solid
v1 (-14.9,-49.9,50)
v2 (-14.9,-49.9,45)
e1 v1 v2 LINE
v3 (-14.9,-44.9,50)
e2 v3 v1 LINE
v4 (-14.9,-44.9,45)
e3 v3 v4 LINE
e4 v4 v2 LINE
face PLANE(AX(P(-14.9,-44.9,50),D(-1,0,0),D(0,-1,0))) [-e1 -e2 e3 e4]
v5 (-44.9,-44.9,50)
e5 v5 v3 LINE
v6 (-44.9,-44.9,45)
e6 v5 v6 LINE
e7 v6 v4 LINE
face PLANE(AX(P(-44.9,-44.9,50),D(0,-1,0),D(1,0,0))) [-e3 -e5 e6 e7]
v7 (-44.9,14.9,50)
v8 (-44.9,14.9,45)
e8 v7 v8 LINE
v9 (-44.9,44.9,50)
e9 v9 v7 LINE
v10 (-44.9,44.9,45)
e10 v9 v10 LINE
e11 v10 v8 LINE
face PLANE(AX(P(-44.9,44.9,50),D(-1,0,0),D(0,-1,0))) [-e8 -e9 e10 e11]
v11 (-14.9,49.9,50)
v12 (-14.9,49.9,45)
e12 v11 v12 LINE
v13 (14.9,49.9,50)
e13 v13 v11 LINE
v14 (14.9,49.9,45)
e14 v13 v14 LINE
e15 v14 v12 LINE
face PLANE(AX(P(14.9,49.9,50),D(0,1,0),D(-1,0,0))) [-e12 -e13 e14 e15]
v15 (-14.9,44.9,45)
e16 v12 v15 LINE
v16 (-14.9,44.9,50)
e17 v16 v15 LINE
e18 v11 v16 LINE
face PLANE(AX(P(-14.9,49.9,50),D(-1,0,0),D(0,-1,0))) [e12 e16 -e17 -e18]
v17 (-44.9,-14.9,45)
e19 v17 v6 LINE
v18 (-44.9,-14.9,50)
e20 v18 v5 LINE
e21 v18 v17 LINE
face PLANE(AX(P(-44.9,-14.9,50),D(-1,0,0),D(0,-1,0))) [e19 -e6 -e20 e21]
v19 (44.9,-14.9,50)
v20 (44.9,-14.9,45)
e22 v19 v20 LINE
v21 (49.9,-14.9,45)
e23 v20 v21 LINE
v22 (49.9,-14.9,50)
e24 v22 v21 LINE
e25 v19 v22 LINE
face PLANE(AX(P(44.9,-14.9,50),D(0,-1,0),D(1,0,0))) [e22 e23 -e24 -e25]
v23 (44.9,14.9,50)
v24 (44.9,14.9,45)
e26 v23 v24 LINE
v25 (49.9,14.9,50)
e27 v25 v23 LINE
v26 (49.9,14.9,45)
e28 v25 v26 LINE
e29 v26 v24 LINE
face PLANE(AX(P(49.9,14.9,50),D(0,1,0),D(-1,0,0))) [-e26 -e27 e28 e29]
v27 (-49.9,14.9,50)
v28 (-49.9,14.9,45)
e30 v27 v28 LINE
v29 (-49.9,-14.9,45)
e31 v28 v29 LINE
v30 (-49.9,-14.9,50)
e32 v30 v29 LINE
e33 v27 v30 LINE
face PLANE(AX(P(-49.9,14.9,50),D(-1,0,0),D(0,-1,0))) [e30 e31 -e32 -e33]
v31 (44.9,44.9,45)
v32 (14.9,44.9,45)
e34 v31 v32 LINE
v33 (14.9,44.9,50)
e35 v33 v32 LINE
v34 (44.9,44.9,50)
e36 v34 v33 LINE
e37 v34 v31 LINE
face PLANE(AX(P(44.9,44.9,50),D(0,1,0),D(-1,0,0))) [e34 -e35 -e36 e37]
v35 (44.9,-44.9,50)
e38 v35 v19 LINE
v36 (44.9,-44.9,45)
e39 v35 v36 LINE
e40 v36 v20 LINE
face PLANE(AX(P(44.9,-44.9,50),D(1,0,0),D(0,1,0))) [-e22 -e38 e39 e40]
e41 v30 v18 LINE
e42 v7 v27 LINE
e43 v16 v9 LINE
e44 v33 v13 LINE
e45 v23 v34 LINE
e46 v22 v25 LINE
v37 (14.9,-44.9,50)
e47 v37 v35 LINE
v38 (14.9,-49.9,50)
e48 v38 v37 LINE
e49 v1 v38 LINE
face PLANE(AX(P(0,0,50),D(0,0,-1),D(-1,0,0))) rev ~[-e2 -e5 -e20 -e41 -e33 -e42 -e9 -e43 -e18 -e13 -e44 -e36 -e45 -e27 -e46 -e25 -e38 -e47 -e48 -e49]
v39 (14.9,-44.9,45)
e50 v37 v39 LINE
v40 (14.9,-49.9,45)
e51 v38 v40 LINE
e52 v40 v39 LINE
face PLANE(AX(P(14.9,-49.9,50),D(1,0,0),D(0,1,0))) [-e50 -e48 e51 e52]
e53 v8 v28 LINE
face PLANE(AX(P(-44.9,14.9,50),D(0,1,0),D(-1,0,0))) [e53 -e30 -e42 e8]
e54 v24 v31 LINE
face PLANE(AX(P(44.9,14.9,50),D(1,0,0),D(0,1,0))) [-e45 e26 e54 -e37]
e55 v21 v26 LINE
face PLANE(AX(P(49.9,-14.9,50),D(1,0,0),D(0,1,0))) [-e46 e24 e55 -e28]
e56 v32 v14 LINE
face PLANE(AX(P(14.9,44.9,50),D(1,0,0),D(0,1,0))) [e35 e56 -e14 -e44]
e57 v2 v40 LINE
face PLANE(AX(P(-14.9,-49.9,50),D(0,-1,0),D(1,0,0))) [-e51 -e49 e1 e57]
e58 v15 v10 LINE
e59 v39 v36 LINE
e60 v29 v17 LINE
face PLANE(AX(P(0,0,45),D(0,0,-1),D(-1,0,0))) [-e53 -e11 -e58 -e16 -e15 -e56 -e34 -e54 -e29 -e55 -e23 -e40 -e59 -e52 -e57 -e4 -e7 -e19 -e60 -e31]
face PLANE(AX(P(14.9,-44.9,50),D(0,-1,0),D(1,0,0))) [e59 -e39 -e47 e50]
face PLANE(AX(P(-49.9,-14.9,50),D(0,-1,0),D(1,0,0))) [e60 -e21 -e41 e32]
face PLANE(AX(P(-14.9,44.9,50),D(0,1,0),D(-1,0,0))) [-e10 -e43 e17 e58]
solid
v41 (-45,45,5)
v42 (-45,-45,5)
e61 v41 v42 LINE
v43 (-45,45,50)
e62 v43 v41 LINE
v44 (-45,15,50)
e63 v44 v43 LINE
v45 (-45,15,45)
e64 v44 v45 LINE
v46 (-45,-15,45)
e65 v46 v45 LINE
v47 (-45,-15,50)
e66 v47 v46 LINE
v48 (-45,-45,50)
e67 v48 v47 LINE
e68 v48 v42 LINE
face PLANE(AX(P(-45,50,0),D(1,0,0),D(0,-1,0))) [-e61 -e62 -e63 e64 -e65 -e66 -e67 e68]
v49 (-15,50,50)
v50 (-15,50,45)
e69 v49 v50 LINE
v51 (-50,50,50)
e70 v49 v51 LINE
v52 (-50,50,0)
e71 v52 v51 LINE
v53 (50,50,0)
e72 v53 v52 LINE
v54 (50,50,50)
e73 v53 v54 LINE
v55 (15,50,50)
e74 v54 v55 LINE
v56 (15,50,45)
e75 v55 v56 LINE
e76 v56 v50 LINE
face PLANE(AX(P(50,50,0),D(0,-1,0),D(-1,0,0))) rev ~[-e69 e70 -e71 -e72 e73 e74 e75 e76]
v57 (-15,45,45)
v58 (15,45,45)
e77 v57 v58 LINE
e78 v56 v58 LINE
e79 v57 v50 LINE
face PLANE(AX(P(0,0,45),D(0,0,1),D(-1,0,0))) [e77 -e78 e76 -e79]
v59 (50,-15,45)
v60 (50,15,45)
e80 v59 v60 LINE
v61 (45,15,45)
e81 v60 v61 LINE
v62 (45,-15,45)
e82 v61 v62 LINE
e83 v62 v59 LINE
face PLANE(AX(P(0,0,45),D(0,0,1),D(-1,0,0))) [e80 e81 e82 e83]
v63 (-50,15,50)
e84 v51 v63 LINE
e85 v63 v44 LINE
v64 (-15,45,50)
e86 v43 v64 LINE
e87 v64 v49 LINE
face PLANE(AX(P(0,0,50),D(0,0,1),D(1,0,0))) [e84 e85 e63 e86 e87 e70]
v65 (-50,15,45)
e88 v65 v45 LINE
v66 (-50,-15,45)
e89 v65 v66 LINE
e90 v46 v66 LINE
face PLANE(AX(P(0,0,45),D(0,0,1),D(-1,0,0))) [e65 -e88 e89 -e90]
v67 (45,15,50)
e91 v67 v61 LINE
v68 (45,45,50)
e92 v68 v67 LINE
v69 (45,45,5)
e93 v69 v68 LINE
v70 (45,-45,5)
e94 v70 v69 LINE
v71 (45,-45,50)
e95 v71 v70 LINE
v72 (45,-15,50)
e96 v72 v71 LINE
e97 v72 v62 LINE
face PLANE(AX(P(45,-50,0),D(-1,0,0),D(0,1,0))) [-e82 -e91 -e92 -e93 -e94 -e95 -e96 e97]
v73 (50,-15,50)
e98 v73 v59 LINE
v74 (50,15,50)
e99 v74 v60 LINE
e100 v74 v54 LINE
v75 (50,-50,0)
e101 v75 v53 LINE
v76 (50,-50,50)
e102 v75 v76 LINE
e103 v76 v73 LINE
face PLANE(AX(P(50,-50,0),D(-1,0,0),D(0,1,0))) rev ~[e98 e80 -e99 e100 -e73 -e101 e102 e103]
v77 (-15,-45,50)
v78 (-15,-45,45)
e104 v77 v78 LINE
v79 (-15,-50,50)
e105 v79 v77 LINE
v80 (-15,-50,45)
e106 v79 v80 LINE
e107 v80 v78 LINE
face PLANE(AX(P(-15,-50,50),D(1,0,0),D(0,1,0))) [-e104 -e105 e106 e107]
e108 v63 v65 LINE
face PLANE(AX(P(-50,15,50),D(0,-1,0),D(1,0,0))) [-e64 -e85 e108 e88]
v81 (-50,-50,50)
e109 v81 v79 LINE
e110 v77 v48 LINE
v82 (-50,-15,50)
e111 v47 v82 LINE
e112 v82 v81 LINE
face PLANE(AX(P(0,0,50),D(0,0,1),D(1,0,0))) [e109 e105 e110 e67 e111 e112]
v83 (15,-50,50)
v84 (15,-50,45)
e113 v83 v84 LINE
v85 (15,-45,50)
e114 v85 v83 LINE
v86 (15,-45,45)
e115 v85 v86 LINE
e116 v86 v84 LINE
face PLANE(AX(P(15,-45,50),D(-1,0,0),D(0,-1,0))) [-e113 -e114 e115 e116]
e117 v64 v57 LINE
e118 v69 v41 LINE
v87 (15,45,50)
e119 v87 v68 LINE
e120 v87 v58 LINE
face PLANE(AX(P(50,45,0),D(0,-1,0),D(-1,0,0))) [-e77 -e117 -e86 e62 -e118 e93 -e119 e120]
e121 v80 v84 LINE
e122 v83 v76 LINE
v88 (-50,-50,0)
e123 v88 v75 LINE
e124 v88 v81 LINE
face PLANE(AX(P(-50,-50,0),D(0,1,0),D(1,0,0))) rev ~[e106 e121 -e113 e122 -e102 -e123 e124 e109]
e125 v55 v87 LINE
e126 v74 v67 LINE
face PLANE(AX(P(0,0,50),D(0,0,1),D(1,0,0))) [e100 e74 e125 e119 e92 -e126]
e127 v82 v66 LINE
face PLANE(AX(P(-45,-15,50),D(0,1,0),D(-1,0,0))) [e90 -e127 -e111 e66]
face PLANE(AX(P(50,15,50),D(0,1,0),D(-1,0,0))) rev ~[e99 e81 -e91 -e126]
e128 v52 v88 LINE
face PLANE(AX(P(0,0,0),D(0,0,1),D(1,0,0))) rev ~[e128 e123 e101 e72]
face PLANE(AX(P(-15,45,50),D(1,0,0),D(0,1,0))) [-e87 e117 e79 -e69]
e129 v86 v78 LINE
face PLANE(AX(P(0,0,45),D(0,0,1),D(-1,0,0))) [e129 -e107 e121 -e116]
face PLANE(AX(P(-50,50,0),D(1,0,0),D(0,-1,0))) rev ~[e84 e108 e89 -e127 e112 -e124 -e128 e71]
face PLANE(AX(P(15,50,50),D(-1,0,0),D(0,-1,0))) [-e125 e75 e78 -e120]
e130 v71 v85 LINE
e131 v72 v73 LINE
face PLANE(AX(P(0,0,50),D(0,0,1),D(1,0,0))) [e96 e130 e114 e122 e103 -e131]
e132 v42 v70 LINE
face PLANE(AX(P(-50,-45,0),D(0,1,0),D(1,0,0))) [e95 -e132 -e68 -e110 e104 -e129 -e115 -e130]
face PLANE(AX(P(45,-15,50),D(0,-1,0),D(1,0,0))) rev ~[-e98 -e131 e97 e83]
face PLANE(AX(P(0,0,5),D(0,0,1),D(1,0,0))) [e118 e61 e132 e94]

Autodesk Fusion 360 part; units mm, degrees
sketch "Schizzo1" plane through (0, 0, 0) normal (0, 0, 1) x (1, 0, 0) in component "Base"
  line L0 (50, 50) -> (-50, 50)
  line L1 (-50, 50) -> (-50, -50)
  line L2 (-50, -50) -> (50, -50)
  line L3 (50, -50) -> (50, 50)
  line L4 (50, 50) -> (-50, -50) construction
  line L5 (-50, 50) -> (50, -50) construction
  dimension "d9" = 100
  dimension "d10" = 100
extrude "Estrusione1" add sketch "Schizzo1" along normal blind 50 makes body 1 in component "Base"
shell "Svuotamento2" thickness 5 removed faces 1 at (16.6667, -16.6667, 50) on bodies 1 in component "Base"
sketch "Schizzo2" plane through (0, 0, 50) normal (0, 0, 1) x (-1, 0, 0) in component "Base"
  line L0 (-45, 45) -> (45, 45)
  line L1 (45, 45) -> (45, -45)
  line L2 (45, -45) -> (-45, -45)
  line L3 (-45, -45) -> (-45, 45)
  line L4 (-50, 50) -> (-50, -50)
  line L5 (-50, -50) -> (50, -50)
  line L6 (50, -50) -> (50, 50)
  line L7 (50, 50) -> (-50, 50)
  line L8 (15, -50) -> (-15, -50)
  line L9 (-15, -50) -> (-15, -45)
  line L10 (-15, -45) -> (15, -45)
  line L11 (15, -45) -> (15, -50)
  line L12 (-50, -15) -> (-45, -15)
  line L13 (-45, -15) -> (-45, 15)
  line L14 (-45, 15) -> (-50, 15)
  line L15 (-50, 15) -> (-50, -15)
  line L16 (15, 45) -> (-15, 45)
  line L17 (-15, 45) -> (-15, 50)
  line L18 (-15, 50) -> (15, 50)
  line L19 (15, 50) -> (15, 45)
  line L20 (50, -15) -> (45, -15)
  line L21 (45, -15) -> (45, 15)
  line L22 (45, 15) -> (50, 15)
  line L23 (50, 15) -> (50, -15)
  line L24 (0, -1.75) -> (0, -22.5)
  line L25 (-1.75, 0) -> (-22.5, 0)
  dimension "d15" = 30
extrude "Estrusione2" cut sketch "Schizzo2" against normal blind 5 contours L0 L7 L16 L17 L18 L19 | L3 L4 L12 L13 L14 L15 | L1 L6 L20 L21 L22 L23 | L2 L5 L8 L9 L10 L11 bodies 1 in component "Base"
sketch "Schizzo2 (2)" plane through (0, 0, 45) normal (0, 0, 1) x (-1, 0, 0) in component "Coperchio"
  line L0 (15, 50) -> (-15, 50) construction
  line L1 (-15, 50) -> (-15, 45) construction
  line L2 (15, 45) -> (15, 50) construction
  line L3 (15, -50) -> (-15, -50) construction
  line L4 (15, -45) -> (15, -50) construction
  line L5 (45, -45) -> (15, -45) construction
  line L6 (45, -15) -> (45, -45) construction
  line L7 (50, -15) -> (45, -15) construction
  line L8 (50, 15) -> (50, -15) construction
  line L9 (45, 15) -> (50, 15) construction
  line L10 (45, 45) -> (45, 15) construction
  line L11 (15, 45) -> (45, 45) construction
  line L12 (15, 50) -> (15, 45) construction
  line L13 (-15, 50) -> (15, 50) construction
  line L14 (-15, 45) -> (-15, 50) construction
  line L15 (-45, 45) -> (-15, 45) construction
  line L16 (-45, 15) -> (-45, 45) construction
  line L17 (-50, 15) -> (-45, 15) construction
  line L18 (-50, -15) -> (-50, 15) construction
  line L19 (-45, -15) -> (-50, -15) construction
  line L20 (-45, -45) -> (-45, -15) construction
  line L21 (-15, -45) -> (-45, -45) construction
  line L22 (-15, -50) -> (-15, -45) construction
  line L23 (50, -15) -> (45, -15) construction
  line L24 (45, -15) -> (45, -45) construction
  line L25 (45, -45) -> (15, -45) construction
  line L26 (15, -45) -> (15, -50) construction
  line L27 (-49.9, -14.9) -> (-49.9, 14.9)
  line L28 (-49.9, 14.9) -> (-44.9, 14.9)
  line L29 (-44.9, 14.9) -> (-44.9, 44.9)
  line L30 (-44.9, 44.9) -> (-14.9, 44.9)
  line L31 (-14.9, 44.9) -> (-14.9, 49.9)
  line L32 (-14.9, 49.9) -> (14.9, 49.9)
  line L33 (14.9, 49.9) -> (14.9, 44.9)
  line L34 (14.9, 44.9) -> (44.9, 44.9)
  line L35 (44.9, 44.9) -> (44.9, 14.9)
  line L36 (44.9, 14.9) -> (49.9, 14.9)
  line L37 (49.9, 14.9) -> (49.9, -14.9)
  line L38 (49.9, -14.9) -> (44.9, -14.9)
  line L39 (44.9, -14.9) -> (44.9, -44.9)
  line L40 (44.9, -44.9) -> (14.9, -44.9)
  line L41 (14.9, -44.9) -> (14.9, -49.9)
  line L42 (14.9, -49.9) -> (-14.9, -49.9)
  line L43 (-14.9, -49.9) -> (-14.9, -44.9)
  line L44 (-14.9, -44.9) -> (-44.9, -44.9)
  line L45 (-44.9, -44.9) -> (-44.9, -14.9)
  line L46 (-44.9, -14.9) -> (-49.9, -14.9)
  dimension "d18" = 0.1
extrude "Estrusione1'" add sketch "Schizzo2 (2)" along normal up to surface (5 mm away) separate body makes body 2 in component "Coperchio"
component "Base" placed x (1, 0, 0) y (0, 1, 0) z (0, 0, 1) at (0, 0, 0)
component "Coperchio" placed x (1, 0, 0) y (0, -1, 0) z (0, 0, -1) at (0, 0, 95)
equation "Larghezza_Base = 100 mm"
equation "Profondità = 100 mm"
equation "Altezza = 50 mm"
equation "Spessore = 5 mm"
equation "d9 = Larghezza_Base"
equation "d10 = Profondità"
equation "d11 = Altezza"
equation "d14 = Spessore"
equation "d16 = -Spessore"
properties part number "100"
